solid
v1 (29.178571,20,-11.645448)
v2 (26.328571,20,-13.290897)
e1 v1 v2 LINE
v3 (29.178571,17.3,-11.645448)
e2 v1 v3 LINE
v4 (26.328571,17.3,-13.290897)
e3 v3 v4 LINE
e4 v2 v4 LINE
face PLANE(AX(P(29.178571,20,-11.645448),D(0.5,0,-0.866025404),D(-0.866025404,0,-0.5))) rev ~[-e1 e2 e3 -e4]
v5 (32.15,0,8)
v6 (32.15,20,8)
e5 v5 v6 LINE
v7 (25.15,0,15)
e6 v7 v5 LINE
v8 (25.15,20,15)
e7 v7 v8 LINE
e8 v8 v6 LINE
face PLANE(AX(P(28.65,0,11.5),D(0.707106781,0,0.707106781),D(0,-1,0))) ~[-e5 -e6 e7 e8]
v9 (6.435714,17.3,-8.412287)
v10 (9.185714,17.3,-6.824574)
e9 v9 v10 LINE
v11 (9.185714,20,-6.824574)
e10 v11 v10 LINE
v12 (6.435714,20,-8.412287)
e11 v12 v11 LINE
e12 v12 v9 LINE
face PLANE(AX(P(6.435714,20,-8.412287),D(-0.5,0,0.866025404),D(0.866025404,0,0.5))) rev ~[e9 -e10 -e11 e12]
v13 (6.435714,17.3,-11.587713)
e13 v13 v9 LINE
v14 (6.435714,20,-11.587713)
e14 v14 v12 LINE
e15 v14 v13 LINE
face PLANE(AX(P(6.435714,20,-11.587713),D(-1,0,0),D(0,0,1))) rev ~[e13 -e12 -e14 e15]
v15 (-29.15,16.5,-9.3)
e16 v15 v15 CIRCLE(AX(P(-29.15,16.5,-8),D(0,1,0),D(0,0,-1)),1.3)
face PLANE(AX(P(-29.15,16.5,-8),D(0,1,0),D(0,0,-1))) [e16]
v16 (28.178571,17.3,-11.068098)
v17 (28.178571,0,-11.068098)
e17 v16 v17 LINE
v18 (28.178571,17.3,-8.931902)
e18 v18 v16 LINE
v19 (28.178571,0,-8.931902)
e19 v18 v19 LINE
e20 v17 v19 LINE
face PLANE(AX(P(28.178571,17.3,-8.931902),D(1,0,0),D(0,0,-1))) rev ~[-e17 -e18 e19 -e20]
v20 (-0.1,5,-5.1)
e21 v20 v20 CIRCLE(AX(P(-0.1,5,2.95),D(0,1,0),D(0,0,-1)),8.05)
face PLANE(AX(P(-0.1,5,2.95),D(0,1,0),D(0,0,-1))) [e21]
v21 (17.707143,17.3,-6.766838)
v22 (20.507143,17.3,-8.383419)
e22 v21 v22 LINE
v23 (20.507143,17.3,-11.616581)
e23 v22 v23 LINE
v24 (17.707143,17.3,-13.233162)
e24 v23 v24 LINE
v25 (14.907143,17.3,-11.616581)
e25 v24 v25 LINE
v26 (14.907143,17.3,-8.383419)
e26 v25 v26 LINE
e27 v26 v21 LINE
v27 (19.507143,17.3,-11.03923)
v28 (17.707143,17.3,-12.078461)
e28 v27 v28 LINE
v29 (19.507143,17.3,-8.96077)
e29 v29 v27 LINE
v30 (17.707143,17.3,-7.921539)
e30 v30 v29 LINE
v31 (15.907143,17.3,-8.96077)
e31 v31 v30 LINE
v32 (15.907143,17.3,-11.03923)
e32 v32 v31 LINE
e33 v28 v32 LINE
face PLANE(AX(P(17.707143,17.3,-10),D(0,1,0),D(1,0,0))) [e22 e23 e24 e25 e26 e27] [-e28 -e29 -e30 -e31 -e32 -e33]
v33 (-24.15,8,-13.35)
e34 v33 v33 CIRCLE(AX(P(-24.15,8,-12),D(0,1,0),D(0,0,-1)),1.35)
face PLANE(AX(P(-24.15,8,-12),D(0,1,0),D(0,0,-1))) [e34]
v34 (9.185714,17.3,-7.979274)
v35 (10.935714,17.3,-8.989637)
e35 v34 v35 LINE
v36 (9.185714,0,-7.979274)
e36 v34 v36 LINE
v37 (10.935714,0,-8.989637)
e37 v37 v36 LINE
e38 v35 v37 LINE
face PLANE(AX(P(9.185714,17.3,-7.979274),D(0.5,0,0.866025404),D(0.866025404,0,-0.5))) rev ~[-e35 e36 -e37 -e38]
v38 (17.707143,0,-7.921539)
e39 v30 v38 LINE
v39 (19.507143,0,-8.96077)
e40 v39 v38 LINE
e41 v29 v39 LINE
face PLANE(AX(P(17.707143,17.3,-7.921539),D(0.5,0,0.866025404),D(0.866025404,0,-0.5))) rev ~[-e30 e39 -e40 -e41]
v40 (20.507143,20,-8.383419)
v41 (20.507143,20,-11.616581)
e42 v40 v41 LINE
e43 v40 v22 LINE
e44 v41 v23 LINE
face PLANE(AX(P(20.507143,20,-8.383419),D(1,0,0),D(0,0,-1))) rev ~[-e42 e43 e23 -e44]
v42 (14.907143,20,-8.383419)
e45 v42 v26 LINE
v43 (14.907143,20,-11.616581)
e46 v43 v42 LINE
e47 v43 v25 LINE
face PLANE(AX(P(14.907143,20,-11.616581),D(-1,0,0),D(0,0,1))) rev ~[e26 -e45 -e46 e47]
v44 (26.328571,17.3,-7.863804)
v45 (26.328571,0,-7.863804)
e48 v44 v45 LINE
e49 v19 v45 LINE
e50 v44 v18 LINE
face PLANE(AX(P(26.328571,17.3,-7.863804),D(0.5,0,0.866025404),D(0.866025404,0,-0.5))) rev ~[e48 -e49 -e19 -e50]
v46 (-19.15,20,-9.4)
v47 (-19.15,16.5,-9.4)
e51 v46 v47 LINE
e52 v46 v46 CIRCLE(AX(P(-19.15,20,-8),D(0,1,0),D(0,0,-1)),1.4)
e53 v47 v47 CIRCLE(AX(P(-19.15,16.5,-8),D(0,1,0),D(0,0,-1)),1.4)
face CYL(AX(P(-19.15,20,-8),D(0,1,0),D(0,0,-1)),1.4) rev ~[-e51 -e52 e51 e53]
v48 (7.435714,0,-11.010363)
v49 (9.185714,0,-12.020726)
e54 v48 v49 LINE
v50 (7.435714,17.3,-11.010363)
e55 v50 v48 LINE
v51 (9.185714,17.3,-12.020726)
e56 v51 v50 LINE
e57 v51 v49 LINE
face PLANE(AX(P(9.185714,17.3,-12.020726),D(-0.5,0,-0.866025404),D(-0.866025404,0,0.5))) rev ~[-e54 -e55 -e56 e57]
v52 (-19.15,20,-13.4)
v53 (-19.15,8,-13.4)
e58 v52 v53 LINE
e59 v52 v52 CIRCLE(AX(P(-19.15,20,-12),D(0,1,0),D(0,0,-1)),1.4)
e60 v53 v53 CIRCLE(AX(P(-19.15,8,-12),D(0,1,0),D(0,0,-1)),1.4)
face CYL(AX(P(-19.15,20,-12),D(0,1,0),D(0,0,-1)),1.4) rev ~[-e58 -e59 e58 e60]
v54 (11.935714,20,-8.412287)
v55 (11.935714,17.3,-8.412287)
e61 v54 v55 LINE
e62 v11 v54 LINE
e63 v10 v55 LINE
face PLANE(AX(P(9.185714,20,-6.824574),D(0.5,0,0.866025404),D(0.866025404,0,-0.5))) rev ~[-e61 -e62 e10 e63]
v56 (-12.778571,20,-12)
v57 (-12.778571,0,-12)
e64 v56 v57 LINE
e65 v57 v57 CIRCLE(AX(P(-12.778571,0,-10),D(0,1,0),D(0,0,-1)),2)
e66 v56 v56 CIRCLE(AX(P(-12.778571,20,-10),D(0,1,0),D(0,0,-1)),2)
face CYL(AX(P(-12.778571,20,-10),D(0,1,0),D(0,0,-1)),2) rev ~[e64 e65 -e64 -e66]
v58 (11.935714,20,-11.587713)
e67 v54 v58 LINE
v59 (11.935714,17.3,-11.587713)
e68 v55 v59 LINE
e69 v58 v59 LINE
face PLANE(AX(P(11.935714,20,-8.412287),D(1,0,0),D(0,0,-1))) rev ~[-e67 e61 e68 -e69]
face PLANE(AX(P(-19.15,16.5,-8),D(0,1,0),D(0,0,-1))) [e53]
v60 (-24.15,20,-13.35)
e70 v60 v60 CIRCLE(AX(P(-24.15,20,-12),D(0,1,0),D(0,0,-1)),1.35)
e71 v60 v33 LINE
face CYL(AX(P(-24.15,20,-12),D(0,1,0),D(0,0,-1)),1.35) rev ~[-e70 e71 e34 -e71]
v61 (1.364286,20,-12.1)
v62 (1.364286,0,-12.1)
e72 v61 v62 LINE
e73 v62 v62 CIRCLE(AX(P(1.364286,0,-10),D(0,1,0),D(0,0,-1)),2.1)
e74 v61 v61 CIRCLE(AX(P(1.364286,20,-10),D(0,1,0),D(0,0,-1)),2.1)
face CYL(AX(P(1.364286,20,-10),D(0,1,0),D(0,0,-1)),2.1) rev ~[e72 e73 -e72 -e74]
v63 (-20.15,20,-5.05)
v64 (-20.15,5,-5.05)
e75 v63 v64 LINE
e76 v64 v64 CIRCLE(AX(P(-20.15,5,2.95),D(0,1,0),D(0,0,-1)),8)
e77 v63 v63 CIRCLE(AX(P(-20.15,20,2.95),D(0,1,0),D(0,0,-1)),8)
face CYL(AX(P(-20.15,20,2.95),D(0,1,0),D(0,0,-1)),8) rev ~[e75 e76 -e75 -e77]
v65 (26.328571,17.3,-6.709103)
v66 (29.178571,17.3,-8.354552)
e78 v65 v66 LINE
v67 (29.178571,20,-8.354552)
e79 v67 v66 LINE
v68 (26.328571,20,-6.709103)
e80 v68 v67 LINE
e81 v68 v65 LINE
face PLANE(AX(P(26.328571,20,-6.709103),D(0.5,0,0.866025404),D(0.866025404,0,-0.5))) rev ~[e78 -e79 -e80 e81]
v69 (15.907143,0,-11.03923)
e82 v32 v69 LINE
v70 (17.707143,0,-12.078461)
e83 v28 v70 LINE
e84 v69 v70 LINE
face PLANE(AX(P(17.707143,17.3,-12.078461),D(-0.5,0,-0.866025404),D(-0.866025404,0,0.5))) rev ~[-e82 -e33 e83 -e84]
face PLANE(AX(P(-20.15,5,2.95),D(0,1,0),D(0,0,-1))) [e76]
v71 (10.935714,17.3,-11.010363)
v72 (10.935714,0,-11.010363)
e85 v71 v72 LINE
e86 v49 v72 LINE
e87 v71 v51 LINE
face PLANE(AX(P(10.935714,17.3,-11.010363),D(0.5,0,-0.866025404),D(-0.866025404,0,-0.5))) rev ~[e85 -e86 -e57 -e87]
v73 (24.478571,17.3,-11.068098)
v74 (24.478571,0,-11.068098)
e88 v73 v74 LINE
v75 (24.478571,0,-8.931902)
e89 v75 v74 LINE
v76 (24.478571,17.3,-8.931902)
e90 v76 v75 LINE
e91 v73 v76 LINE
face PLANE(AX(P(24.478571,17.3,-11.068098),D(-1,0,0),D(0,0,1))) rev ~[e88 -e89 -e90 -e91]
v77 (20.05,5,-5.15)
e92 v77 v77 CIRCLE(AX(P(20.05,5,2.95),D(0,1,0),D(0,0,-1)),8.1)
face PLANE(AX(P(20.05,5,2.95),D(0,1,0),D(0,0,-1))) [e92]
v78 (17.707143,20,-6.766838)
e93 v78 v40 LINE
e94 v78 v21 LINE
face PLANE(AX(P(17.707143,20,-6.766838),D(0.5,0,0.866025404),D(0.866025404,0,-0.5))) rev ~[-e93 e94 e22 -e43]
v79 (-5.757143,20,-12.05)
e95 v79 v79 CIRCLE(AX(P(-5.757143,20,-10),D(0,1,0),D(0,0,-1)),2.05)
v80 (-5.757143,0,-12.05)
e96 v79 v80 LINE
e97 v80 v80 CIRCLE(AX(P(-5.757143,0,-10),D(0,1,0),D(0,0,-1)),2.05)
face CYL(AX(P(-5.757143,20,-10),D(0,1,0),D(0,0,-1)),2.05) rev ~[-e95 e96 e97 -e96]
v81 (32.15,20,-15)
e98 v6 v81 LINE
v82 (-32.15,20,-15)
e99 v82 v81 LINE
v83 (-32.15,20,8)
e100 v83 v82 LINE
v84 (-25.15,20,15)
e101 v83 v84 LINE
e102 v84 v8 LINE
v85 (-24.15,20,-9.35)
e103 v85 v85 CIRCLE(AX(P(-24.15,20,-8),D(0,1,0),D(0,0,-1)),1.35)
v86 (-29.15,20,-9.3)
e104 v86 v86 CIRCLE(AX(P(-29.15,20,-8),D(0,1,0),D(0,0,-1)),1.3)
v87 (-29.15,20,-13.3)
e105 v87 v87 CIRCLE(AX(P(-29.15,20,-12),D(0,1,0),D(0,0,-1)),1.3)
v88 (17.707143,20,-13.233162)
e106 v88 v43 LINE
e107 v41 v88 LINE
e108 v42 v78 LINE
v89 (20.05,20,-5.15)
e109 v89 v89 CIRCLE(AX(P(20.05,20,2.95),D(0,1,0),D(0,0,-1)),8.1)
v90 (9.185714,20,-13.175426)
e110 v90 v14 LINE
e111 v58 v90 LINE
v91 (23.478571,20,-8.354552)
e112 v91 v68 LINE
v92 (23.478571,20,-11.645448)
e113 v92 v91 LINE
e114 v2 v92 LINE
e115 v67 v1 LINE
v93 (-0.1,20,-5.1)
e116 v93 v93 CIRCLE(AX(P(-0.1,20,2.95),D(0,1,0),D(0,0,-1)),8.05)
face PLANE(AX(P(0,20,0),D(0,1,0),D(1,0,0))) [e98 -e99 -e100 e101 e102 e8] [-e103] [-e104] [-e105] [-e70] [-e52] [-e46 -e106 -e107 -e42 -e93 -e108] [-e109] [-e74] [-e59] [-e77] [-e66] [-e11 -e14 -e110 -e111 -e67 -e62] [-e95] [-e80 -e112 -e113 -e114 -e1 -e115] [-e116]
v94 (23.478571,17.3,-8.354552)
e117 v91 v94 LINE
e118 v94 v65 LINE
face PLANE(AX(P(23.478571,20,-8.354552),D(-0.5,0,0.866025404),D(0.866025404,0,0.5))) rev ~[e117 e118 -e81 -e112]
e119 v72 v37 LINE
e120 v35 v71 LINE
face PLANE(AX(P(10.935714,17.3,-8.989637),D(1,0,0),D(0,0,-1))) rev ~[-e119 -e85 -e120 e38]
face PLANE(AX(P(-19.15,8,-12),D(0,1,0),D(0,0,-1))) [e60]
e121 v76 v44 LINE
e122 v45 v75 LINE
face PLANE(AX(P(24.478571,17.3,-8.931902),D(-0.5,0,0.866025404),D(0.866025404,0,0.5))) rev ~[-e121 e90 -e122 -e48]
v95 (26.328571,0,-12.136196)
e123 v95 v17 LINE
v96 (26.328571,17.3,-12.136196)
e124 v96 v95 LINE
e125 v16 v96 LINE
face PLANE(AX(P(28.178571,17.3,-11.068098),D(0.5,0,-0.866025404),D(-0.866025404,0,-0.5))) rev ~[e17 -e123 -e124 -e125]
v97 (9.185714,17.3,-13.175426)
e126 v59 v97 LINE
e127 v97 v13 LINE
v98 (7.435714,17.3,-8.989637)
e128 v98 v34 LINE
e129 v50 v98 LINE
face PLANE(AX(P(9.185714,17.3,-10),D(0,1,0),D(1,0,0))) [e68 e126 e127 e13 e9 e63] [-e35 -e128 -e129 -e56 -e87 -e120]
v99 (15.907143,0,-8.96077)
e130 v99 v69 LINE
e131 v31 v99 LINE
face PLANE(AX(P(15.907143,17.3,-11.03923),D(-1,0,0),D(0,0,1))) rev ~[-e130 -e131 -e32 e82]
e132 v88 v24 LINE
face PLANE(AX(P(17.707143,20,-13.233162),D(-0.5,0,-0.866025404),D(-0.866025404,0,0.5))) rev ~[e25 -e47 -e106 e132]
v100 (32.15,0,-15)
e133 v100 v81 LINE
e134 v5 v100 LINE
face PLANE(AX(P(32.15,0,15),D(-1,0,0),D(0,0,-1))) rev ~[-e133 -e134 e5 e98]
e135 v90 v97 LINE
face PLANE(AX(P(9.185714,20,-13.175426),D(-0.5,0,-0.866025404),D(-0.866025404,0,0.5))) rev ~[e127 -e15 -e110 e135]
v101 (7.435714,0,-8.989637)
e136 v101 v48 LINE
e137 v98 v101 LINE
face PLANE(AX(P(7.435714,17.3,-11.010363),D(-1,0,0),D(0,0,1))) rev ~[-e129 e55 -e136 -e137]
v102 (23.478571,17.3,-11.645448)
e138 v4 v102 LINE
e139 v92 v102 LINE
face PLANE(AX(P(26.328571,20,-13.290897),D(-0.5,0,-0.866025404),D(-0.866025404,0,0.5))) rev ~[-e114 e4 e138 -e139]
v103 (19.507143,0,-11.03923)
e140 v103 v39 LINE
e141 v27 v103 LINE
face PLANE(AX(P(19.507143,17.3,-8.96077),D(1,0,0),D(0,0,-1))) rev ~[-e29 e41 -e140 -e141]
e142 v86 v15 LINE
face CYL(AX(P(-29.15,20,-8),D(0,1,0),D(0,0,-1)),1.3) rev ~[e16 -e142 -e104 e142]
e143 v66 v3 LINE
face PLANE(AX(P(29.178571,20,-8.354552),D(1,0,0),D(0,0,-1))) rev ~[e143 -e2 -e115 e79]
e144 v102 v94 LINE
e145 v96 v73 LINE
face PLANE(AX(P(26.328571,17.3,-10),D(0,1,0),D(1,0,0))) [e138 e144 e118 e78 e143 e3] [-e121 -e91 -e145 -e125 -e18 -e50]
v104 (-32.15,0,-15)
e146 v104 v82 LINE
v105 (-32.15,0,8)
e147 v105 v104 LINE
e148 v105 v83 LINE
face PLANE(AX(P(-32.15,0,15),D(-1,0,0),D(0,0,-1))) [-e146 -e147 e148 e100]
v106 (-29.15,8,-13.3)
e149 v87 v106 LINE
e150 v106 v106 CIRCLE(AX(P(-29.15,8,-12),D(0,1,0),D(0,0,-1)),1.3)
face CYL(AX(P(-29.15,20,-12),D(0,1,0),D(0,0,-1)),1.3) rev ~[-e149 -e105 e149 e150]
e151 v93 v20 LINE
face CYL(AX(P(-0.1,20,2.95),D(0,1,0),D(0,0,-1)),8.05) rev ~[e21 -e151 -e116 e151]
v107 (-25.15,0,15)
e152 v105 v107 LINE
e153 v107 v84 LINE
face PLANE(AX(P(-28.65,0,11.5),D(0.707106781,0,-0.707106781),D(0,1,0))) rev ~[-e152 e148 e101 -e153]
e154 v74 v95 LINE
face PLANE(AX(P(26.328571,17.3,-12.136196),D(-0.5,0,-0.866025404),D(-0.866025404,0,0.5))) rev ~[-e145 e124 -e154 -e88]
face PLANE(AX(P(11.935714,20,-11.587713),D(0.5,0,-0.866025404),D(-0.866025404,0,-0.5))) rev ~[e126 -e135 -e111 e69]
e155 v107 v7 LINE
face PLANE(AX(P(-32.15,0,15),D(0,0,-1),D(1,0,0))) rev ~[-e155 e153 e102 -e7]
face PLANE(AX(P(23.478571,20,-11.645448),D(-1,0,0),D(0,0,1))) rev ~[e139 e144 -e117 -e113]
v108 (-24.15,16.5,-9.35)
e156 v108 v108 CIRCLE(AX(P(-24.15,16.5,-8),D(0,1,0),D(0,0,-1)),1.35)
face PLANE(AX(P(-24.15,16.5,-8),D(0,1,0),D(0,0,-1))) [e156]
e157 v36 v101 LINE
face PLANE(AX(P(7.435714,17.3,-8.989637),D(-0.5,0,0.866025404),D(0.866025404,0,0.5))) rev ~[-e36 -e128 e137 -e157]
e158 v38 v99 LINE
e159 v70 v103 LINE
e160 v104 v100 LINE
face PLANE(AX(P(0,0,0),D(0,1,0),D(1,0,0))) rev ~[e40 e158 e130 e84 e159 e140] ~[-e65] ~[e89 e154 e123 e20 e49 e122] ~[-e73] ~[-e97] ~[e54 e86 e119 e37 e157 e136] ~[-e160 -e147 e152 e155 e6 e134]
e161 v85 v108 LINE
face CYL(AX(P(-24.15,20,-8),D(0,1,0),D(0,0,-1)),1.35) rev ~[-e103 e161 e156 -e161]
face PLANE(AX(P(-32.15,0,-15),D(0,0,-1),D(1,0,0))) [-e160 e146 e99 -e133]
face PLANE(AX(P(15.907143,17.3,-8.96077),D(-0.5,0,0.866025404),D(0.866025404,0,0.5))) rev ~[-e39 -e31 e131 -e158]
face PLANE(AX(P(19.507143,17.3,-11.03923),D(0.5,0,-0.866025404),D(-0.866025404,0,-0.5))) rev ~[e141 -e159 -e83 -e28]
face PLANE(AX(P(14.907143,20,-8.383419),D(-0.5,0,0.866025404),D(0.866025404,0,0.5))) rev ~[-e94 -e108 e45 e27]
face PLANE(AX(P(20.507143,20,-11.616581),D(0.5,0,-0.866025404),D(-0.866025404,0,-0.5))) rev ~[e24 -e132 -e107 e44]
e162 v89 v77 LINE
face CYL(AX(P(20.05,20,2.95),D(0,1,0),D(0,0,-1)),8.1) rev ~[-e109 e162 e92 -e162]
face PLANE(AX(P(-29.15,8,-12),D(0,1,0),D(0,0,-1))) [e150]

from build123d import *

# Parameters (mm, degrees)
SKETCH1_W             = 64.3
SKETCH1_H             = 30
BOSS_EXTRUDE1_DEPTH   = 20
VARILLAS_START        = 20
SKETCH1_3_R           = 8.05
SKETCH1_3_R_2         = 8.1
SKETCH1_3_R_3         = 8
VARILLAS_HUECAS_DEPTH = 15
TORNILLOS_START       = 20
SKETCH1_4_R           = 1.35
SKETCH1_4_R_2         = 1.4
SKETCH1_4_R_3         = 1.3
TORNILLOS_ALEM_DEPTH  = 12
TORNILLOS_PCB_DEPTH   = 2.7
SKETCH1_5_R           = 2
SKETCH1_5_R_2         = 2.05
SKETCH1_5_R_3         = 2.1
VARILLAS_SERVOS_DEPTH = 20
CHAMFER1_SIZE         = 7
CUT_EXTRUDE5_REACH    = 41.47
CUT_EXTRUDE6_START    = 20
SKETCH1_7_R           = 1.35
SKETCH1_7_R_2         = 1.3
SKETCH1_7_R_3         = 1.4
CUT_EXTRUDE6_DEPTH    = 3.5


with BuildPart() as part:
    # Sketch1 → Boss-Extrude1 (new body)
    with BuildSketch(Plane(origin=(0, 0, 0), x_dir=(1, 0, 0), z_dir=(0, 1, 0))):
        Rectangle(SKETCH1_W, SKETCH1_H)
    extrude(amount=BOSS_EXTRUDE1_DEPTH)

    # Sketch1<3> → Varillas huecas (cut)
    with BuildSketch(Plane(origin=(0, 0, 0), x_dir=(1, 0, 0), z_dir=(0, 1, 0)).offset(VARILLAS_START)):
        with Locations(Location((-0.1, -2.95, 0), (0, 0, 90))):
            Circle(SKETCH1_3_R)
        with Locations(Location((20.05, -2.95, 0), (0, 0, 90))):
            Circle(SKETCH1_3_R_2)
        with Locations(Location((-20.15, -2.95, 0), (0, 0, 90))):
            Circle(SKETCH1_3_R_3)
    extrude(amount=-VARILLAS_HUECAS_DEPTH, mode=Mode.SUBTRACT)

    # Sketch1<4> → Tornillos Alem (cut)
    with BuildSketch(Plane(origin=(0, 0, 0), x_dir=(1, 0, 0), z_dir=(0, 1, 0)).offset(TORNILLOS_START)):
        with Locations(Location((-24.15, 12, 0), (0, 0, 90))):
            Circle(SKETCH1_4_R)
        with Locations(Location((-19.15, 12, 0), (0, 0, 90))):
            Circle(SKETCH1_4_R_2)
        with Locations(Location((-29.15, 12, 0), (0, 0, 90))):
            Circle(SKETCH1_4_R_3)
    extrude(amount=-TORNILLOS_ALEM_DEPTH, mode=Mode.SUBTRACT)

    # Sketch1<6> → Tornillos PCB (cut)
    with BuildSketch(Plane(origin=(0, 0, 0), x_dir=(1, 0, 0), z_dir=(0, 1, 0)).offset(TORNILLOS_START)):
        Polygon((9.185714286, 6.824573519), (11.935714286, 8.41228676), (11.935714286, 11.58771324), (9.185714286, 13.175426481), (6.435714286, 11.58771324), (6.435714286, 8.41228676), align=None)
        Polygon((17.707142857, 6.766838493), (20.507142857, 8.383419246), (20.507142857, 11.616580754), (17.707142857, 13.233161507), (14.907142857, 11.616580754), (14.907142857, 8.383419246), align=None)
        Polygon((26.328571429, 6.709103466), (29.178571429, 8.354551733), (29.178571429, 11.645448267), (26.328571429, 13.290896534), (23.478571429, 11.645448267), (23.478571429, 8.354551733), align=None)
    extrude(amount=-TORNILLOS_PCB_DEPTH, mode=Mode.SUBTRACT)

    # Sketch1<5> → Varillas servos (cut)
    with BuildSketch(Plane(origin=(0, 0, 0), x_dir=(1, 0, 0), z_dir=(0, 1, 0)).offset(VARILLAS_START)):
        with Locations(Location((-12.778571429, 10, 0), (0, 0, 90))):
            Circle(SKETCH1_5_R)
        with Locations(Location((-5.757142857, 10, 0), (0, 0, 90))):
            Circle(SKETCH1_5_R_2)
        with Locations(Location((1.364285714, 10, 0), (0, 0, 90))):
            Circle(SKETCH1_5_R_3)
    extrude(amount=-VARILLAS_SERVOS_DEPTH, mode=Mode.SUBTRACT)

    # Chamfer1
    chamfer1_edges = [part.edges().sort_by_distance(p)[0] for p in [
        (-32.15, 10, 15),
        (32.15, 10, 15),
    ]]
    chamfer(chamfer1_edges, length=CHAMFER1_SIZE)

    # Sketch2 → Cut-Extrude5 (cut, up to next)
    with BuildSketch(Plane(origin=(0, 17.3, 0), x_dir=(1, 0, 0), z_dir=(0, 1, 0)), mode=Mode.PRIVATE) as cut_extrude5_sk1:
        Polygon((24.478571429, 11.068097998), (24.478571429, 8.931902002), (26.328571429, 7.863804004), (28.178571429, 8.931902002), (28.178571429, 11.068097998), (26.328571429, 12.136195996), align=None)
    cut_extrude5_tool1 = extrude(cut_extrude5_sk1.sketch, amount=-CUT_EXTRUDE5_REACH, mode=Mode.PRIVATE) & part.part
    # Sketch2 → Cut-Extrude5 (cut, up to next)
    with BuildSketch(Plane(origin=(0, 17.3, 0), x_dir=(1, 0, 0), z_dir=(0, 1, 0)), mode=Mode.PRIVATE) as cut_extrude5_sk2:
        Polygon((15.907142857, 11.039230485), (15.907142857, 8.960769515), (17.707142857, 7.921539031), (19.507142857, 8.960769515), (19.507142857, 11.039230485), (17.707142857, 12.078460969), align=None)
    cut_extrude5_tool2 = extrude(cut_extrude5_sk2.sketch, amount=-CUT_EXTRUDE5_REACH, mode=Mode.PRIVATE) & part.part
    # Sketch2 → Cut-Extrude5 (cut, up to next)
    with BuildSketch(Plane(origin=(0, 17.3, 0), x_dir=(1, 0, 0), z_dir=(0, 1, 0)), mode=Mode.PRIVATE) as cut_extrude5_sk3:
        Polygon((10.935714286, 11.010362971), (9.185714286, 12.020725942), (7.435714286, 11.010362971), (7.435714286, 8.989637029), (9.185714286, 7.979274058), (10.935714286, 8.989637029), align=None)
    cut_extrude5_tool3 = extrude(cut_extrude5_sk3.sketch, amount=-CUT_EXTRUDE5_REACH, mode=Mode.PRIVATE) & part.part
    add(cut_extrude5_tool1.solids().sort_by_distance((26.328571, 17.3, -10))[0], mode=Mode.SUBTRACT)
    add(cut_extrude5_tool2.solids().sort_by_distance((17.707143, 17.3, -10))[0], mode=Mode.SUBTRACT)
    add(cut_extrude5_tool3.solids().sort_by_distance((9.185714, 17.3, -10))[0], mode=Mode.SUBTRACT)

    # Sketch1<7> → Cut-Extrude6 (cut)
    with BuildSketch(Plane(origin=(0, 0, 0), x_dir=(1, 0, 0), z_dir=(0, 1, 0)).offset(CUT_EXTRUDE6_START)):
        with Locations(Location((-24.15, 8, 0), (0, 0, 90))):
            Circle(SKETCH1_7_R)
        with Locations(Location((-29.15, 8, 0), (0, 0, 90))):
            Circle(SKETCH1_7_R_2)
        with Locations(Location((-19.15, 8, 0), (0, 0, 90))):
            Circle(SKETCH1_7_R_3)
    extrude(amount=-CUT_EXTRUDE6_DEPTH, mode=Mode.SUBTRACT)


solid = part.part
